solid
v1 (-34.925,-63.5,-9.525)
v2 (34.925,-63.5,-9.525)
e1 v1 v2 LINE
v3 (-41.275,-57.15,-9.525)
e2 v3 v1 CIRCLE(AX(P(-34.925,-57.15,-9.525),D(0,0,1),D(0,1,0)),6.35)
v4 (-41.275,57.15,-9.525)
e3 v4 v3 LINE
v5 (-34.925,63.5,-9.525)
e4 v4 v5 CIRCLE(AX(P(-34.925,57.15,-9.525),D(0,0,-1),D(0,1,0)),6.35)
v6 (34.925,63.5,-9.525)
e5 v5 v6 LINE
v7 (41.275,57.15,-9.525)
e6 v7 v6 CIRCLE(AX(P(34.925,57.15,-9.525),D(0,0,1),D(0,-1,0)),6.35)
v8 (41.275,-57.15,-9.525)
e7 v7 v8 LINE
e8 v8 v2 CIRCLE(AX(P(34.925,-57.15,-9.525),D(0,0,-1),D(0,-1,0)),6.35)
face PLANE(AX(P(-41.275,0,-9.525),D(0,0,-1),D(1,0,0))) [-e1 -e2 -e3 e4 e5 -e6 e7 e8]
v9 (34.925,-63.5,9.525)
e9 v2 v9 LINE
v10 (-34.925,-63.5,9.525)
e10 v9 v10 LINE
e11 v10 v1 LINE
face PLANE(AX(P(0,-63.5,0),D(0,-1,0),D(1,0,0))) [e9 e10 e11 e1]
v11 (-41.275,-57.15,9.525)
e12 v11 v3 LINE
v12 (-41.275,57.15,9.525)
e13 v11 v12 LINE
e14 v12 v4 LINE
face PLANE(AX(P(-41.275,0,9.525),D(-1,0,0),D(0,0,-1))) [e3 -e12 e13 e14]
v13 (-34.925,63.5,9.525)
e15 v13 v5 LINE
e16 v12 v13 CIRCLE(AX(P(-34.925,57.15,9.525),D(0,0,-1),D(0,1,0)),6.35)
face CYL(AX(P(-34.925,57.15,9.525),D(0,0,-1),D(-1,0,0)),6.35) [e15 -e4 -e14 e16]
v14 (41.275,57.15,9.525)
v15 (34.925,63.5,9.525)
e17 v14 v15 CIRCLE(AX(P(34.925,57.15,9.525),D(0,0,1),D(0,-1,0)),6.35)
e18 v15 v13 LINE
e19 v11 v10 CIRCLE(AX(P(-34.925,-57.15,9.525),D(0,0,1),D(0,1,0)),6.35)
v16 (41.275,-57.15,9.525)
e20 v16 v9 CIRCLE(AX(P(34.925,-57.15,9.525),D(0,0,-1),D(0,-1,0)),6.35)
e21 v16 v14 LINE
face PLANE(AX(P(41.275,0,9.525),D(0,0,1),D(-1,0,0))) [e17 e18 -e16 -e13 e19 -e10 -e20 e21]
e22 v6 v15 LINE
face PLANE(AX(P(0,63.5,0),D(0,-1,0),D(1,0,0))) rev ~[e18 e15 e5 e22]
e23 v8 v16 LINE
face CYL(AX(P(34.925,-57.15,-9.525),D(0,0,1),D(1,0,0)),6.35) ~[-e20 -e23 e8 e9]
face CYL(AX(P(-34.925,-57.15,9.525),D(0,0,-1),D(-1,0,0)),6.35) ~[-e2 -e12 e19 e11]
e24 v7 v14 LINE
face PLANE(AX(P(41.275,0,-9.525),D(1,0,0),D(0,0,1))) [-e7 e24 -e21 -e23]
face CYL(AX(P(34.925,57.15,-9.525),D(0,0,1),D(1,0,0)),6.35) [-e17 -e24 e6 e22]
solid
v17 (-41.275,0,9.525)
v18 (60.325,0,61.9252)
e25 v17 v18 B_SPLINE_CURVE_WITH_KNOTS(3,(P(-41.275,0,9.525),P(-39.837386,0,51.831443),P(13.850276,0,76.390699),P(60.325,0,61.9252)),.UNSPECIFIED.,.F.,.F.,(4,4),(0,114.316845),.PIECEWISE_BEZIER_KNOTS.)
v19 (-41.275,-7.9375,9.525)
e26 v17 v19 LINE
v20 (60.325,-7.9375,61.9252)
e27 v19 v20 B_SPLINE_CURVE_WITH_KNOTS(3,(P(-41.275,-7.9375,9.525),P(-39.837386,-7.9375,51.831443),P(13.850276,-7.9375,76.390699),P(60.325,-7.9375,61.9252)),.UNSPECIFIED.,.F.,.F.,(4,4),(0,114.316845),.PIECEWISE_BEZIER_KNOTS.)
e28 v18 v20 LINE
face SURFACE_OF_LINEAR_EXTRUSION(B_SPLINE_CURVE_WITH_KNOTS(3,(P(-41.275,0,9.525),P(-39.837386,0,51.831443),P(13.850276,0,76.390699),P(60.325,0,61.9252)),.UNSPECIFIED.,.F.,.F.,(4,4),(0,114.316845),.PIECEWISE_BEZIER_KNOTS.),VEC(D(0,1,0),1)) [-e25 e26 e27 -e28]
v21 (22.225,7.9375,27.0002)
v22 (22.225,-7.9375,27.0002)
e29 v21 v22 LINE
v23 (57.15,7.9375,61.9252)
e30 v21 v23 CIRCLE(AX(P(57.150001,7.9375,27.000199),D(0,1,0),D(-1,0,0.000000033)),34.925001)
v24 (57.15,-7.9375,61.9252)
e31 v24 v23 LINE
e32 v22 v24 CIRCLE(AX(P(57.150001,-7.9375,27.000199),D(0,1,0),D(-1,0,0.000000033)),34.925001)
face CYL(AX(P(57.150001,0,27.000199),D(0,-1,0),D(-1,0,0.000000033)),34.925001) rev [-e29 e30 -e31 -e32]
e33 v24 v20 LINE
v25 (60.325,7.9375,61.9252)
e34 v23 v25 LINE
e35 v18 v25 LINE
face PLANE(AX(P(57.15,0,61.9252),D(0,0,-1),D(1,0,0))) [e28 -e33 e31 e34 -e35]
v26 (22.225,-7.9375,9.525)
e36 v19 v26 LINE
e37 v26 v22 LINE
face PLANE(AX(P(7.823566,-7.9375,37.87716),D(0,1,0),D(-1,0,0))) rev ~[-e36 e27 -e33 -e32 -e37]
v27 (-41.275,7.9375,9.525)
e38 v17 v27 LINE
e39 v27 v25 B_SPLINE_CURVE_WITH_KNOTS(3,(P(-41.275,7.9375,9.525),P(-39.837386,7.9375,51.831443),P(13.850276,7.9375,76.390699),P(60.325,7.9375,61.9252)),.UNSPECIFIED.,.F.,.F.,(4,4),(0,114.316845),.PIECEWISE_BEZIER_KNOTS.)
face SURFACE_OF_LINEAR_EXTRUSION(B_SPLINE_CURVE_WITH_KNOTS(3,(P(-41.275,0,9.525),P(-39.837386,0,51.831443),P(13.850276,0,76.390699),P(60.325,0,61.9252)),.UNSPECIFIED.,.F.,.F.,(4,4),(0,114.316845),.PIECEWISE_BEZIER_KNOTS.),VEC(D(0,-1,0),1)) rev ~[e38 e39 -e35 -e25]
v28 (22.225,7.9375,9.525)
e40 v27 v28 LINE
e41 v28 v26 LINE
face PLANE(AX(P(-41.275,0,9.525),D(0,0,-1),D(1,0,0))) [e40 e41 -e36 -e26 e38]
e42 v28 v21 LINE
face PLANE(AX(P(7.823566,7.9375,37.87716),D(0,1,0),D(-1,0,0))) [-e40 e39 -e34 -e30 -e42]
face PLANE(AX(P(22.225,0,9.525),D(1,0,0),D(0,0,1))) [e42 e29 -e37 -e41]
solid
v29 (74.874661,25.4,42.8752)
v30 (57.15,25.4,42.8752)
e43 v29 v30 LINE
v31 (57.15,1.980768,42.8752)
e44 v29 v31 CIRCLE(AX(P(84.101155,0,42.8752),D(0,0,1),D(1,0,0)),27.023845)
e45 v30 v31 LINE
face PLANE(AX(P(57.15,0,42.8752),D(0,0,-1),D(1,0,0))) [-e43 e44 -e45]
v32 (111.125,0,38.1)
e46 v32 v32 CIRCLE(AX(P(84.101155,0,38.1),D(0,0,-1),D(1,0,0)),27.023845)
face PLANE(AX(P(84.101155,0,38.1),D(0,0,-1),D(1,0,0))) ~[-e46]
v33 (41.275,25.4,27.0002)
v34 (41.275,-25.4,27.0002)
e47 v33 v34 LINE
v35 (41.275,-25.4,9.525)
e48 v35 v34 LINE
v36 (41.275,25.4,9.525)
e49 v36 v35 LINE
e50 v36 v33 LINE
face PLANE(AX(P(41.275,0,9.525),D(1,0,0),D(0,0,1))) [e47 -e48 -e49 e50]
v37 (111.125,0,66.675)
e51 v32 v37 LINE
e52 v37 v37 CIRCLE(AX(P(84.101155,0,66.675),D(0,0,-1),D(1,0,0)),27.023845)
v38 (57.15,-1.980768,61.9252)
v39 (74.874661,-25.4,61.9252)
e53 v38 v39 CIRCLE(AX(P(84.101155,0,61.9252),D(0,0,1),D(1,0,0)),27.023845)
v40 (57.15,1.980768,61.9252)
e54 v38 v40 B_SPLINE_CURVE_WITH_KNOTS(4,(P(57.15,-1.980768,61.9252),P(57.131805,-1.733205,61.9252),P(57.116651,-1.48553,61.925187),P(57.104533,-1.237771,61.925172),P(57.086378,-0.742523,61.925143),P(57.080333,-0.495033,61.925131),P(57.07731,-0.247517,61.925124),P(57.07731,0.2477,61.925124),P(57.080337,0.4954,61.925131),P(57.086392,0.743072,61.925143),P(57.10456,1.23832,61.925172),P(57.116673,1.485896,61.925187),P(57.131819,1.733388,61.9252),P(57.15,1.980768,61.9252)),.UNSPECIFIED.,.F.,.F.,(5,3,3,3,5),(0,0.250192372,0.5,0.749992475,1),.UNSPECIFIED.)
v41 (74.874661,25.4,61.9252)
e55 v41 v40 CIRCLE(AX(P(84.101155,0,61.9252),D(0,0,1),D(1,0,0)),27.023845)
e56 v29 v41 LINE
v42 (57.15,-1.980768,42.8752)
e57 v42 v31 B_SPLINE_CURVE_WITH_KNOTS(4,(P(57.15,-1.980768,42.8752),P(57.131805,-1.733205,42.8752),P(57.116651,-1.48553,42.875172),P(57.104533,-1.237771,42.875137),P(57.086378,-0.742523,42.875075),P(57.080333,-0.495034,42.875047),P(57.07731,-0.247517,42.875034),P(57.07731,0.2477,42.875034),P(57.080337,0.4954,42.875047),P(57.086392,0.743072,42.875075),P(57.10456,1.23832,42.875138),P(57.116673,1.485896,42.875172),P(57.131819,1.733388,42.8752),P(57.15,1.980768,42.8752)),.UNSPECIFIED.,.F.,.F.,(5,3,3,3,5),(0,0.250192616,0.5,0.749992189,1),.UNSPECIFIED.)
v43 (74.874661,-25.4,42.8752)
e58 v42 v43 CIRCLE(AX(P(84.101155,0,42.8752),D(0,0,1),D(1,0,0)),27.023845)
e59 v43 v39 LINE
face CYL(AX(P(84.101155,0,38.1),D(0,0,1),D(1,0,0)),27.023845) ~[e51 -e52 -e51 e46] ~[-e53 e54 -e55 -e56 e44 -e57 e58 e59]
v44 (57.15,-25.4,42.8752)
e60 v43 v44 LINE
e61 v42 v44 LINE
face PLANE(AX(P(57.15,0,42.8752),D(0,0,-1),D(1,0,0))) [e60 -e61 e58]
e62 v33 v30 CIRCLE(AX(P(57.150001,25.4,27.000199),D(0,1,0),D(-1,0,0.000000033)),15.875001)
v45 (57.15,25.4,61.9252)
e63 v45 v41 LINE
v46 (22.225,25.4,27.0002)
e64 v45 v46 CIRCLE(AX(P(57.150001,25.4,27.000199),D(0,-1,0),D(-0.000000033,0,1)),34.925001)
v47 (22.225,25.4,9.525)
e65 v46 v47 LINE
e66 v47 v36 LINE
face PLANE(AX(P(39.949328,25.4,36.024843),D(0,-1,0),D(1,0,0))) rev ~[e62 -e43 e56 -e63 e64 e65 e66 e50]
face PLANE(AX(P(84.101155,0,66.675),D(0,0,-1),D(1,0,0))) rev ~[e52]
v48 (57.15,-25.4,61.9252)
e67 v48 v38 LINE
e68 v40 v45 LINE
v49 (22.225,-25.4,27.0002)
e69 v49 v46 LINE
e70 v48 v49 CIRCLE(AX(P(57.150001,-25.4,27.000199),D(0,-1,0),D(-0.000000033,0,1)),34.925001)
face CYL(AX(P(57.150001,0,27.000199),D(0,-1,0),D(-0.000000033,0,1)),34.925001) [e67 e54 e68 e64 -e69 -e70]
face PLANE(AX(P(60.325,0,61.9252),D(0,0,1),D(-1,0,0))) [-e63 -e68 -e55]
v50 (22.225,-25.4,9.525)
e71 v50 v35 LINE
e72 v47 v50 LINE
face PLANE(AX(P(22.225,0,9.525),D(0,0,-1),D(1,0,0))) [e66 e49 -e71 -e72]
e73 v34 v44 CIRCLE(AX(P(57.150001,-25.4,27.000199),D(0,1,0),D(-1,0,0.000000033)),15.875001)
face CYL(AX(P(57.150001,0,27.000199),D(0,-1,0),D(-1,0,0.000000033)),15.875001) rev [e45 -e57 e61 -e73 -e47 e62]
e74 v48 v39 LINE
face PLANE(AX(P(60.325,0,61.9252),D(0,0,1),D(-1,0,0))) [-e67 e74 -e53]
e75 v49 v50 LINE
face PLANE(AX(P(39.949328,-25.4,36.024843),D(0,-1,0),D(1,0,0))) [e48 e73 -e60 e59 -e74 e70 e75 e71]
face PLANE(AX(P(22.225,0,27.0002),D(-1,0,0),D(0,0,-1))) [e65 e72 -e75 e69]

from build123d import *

# Parameters (mm, degrees)
F1_DEPTH = 63.5
F2_DEPTH = 25.4
F0_W     = 23.776155
F0_H     = 19.05
F3_DEPTH = 25.4
F5_DEPTH = 7.9375
F6_R     = 6.35


with BuildPart() as f1:
    # F0 (on Front) → F1 (new body, symmetric)
    with BuildSketch(Plane.XZ):
        Polygon((22.225, 9.525), (-41.275, 9.525), (-41.275, -9.525), (41.275, -9.525), (41.275, 9.525), align=None)
    extrude(amount=F1_DEPTH, both=True)

    # F6
    f6_edges = [f1.edges().sort_by_distance(p)[0] for p in [
        (41.275, -63.5, 0),
        (-41.275, -63.5, 0),
        (-41.275, 63.5, 0),
        (41.275, 63.5, 0),
    ]]
    fillet(f6_edges, radius=F6_R)


with BuildPart() as f2:
    # F0 (on Front) → F2 (new body, symmetric)
    with BuildSketch(Plane.XZ):
        with BuildLine():
            Line((22.225, 27.0002), (22.225, 9.525))
            Line((22.225, 9.525), (41.275, 9.525))
            Line((41.275, 9.525), (41.275, 27.0002))
            ThreePointArc((41.275, 27.0002), (45.92468, 38.22552), (57.15, 42.8752))
            Line((57.15, 42.8752), (60.325, 42.8752))
            Line((60.325, 42.8752), (60.325, 61.9252))
            Line((60.325, 61.9252), (57.15, 61.9252))
            ThreePointArc((57.15, 61.9252), (32.454296, 51.695904), (22.225, 27.0002))
        make_face()
    extrude(amount=F2_DEPTH, both=True)

    # F0 (on Front) → F3 (join, symmetric)
    with BuildSketch(Plane.XZ):
        with Locations((72.213077, 52.4002)):
            Rectangle(F0_W, F0_H)
    extrude(amount=F3_DEPTH, both=True)

    # F0 (on Front) → F4 (revolve)
    with BuildSketch(Plane.XZ):
        Polygon((84.101155, 66.675), (84.101155, 61.9252), (84.101155, 42.8752), (84.101155, 38.1), (111.125, 38.1), (111.125, 66.675), align=None)
    revolve(axis=Axis((84.101155, 0, 52.3875), (0, 0, -1)))


with BuildPart() as f5:
    # F0 (on Front) → F5 (new body, symmetric)
    with BuildSketch(Plane.XZ):
        with BuildLine():
            add(Edge.make_bspline(
                [(-41.275, 9.525), (-39.837386, 51.831443), (13.850276, 76.390699), (60.325, 61.9252)],
                knots=[0, 0, 0, 0, 114.316845, 114.316845, 114.316845, 114.316845], degree=3))
            Line((-41.275, 9.525), (22.225, 9.525))
            Line((22.225, 9.525), (22.225, 27.0002))
            ThreePointArc((22.225, 27.0002), (32.454296, 51.695904), (57.15, 61.9252))
            Line((57.15, 61.9252), (60.325, 61.9252))
        make_face()
    extrude(amount=F5_DEPTH, both=True)


solid = Compound([f1.part, f2.part, f5.part])
